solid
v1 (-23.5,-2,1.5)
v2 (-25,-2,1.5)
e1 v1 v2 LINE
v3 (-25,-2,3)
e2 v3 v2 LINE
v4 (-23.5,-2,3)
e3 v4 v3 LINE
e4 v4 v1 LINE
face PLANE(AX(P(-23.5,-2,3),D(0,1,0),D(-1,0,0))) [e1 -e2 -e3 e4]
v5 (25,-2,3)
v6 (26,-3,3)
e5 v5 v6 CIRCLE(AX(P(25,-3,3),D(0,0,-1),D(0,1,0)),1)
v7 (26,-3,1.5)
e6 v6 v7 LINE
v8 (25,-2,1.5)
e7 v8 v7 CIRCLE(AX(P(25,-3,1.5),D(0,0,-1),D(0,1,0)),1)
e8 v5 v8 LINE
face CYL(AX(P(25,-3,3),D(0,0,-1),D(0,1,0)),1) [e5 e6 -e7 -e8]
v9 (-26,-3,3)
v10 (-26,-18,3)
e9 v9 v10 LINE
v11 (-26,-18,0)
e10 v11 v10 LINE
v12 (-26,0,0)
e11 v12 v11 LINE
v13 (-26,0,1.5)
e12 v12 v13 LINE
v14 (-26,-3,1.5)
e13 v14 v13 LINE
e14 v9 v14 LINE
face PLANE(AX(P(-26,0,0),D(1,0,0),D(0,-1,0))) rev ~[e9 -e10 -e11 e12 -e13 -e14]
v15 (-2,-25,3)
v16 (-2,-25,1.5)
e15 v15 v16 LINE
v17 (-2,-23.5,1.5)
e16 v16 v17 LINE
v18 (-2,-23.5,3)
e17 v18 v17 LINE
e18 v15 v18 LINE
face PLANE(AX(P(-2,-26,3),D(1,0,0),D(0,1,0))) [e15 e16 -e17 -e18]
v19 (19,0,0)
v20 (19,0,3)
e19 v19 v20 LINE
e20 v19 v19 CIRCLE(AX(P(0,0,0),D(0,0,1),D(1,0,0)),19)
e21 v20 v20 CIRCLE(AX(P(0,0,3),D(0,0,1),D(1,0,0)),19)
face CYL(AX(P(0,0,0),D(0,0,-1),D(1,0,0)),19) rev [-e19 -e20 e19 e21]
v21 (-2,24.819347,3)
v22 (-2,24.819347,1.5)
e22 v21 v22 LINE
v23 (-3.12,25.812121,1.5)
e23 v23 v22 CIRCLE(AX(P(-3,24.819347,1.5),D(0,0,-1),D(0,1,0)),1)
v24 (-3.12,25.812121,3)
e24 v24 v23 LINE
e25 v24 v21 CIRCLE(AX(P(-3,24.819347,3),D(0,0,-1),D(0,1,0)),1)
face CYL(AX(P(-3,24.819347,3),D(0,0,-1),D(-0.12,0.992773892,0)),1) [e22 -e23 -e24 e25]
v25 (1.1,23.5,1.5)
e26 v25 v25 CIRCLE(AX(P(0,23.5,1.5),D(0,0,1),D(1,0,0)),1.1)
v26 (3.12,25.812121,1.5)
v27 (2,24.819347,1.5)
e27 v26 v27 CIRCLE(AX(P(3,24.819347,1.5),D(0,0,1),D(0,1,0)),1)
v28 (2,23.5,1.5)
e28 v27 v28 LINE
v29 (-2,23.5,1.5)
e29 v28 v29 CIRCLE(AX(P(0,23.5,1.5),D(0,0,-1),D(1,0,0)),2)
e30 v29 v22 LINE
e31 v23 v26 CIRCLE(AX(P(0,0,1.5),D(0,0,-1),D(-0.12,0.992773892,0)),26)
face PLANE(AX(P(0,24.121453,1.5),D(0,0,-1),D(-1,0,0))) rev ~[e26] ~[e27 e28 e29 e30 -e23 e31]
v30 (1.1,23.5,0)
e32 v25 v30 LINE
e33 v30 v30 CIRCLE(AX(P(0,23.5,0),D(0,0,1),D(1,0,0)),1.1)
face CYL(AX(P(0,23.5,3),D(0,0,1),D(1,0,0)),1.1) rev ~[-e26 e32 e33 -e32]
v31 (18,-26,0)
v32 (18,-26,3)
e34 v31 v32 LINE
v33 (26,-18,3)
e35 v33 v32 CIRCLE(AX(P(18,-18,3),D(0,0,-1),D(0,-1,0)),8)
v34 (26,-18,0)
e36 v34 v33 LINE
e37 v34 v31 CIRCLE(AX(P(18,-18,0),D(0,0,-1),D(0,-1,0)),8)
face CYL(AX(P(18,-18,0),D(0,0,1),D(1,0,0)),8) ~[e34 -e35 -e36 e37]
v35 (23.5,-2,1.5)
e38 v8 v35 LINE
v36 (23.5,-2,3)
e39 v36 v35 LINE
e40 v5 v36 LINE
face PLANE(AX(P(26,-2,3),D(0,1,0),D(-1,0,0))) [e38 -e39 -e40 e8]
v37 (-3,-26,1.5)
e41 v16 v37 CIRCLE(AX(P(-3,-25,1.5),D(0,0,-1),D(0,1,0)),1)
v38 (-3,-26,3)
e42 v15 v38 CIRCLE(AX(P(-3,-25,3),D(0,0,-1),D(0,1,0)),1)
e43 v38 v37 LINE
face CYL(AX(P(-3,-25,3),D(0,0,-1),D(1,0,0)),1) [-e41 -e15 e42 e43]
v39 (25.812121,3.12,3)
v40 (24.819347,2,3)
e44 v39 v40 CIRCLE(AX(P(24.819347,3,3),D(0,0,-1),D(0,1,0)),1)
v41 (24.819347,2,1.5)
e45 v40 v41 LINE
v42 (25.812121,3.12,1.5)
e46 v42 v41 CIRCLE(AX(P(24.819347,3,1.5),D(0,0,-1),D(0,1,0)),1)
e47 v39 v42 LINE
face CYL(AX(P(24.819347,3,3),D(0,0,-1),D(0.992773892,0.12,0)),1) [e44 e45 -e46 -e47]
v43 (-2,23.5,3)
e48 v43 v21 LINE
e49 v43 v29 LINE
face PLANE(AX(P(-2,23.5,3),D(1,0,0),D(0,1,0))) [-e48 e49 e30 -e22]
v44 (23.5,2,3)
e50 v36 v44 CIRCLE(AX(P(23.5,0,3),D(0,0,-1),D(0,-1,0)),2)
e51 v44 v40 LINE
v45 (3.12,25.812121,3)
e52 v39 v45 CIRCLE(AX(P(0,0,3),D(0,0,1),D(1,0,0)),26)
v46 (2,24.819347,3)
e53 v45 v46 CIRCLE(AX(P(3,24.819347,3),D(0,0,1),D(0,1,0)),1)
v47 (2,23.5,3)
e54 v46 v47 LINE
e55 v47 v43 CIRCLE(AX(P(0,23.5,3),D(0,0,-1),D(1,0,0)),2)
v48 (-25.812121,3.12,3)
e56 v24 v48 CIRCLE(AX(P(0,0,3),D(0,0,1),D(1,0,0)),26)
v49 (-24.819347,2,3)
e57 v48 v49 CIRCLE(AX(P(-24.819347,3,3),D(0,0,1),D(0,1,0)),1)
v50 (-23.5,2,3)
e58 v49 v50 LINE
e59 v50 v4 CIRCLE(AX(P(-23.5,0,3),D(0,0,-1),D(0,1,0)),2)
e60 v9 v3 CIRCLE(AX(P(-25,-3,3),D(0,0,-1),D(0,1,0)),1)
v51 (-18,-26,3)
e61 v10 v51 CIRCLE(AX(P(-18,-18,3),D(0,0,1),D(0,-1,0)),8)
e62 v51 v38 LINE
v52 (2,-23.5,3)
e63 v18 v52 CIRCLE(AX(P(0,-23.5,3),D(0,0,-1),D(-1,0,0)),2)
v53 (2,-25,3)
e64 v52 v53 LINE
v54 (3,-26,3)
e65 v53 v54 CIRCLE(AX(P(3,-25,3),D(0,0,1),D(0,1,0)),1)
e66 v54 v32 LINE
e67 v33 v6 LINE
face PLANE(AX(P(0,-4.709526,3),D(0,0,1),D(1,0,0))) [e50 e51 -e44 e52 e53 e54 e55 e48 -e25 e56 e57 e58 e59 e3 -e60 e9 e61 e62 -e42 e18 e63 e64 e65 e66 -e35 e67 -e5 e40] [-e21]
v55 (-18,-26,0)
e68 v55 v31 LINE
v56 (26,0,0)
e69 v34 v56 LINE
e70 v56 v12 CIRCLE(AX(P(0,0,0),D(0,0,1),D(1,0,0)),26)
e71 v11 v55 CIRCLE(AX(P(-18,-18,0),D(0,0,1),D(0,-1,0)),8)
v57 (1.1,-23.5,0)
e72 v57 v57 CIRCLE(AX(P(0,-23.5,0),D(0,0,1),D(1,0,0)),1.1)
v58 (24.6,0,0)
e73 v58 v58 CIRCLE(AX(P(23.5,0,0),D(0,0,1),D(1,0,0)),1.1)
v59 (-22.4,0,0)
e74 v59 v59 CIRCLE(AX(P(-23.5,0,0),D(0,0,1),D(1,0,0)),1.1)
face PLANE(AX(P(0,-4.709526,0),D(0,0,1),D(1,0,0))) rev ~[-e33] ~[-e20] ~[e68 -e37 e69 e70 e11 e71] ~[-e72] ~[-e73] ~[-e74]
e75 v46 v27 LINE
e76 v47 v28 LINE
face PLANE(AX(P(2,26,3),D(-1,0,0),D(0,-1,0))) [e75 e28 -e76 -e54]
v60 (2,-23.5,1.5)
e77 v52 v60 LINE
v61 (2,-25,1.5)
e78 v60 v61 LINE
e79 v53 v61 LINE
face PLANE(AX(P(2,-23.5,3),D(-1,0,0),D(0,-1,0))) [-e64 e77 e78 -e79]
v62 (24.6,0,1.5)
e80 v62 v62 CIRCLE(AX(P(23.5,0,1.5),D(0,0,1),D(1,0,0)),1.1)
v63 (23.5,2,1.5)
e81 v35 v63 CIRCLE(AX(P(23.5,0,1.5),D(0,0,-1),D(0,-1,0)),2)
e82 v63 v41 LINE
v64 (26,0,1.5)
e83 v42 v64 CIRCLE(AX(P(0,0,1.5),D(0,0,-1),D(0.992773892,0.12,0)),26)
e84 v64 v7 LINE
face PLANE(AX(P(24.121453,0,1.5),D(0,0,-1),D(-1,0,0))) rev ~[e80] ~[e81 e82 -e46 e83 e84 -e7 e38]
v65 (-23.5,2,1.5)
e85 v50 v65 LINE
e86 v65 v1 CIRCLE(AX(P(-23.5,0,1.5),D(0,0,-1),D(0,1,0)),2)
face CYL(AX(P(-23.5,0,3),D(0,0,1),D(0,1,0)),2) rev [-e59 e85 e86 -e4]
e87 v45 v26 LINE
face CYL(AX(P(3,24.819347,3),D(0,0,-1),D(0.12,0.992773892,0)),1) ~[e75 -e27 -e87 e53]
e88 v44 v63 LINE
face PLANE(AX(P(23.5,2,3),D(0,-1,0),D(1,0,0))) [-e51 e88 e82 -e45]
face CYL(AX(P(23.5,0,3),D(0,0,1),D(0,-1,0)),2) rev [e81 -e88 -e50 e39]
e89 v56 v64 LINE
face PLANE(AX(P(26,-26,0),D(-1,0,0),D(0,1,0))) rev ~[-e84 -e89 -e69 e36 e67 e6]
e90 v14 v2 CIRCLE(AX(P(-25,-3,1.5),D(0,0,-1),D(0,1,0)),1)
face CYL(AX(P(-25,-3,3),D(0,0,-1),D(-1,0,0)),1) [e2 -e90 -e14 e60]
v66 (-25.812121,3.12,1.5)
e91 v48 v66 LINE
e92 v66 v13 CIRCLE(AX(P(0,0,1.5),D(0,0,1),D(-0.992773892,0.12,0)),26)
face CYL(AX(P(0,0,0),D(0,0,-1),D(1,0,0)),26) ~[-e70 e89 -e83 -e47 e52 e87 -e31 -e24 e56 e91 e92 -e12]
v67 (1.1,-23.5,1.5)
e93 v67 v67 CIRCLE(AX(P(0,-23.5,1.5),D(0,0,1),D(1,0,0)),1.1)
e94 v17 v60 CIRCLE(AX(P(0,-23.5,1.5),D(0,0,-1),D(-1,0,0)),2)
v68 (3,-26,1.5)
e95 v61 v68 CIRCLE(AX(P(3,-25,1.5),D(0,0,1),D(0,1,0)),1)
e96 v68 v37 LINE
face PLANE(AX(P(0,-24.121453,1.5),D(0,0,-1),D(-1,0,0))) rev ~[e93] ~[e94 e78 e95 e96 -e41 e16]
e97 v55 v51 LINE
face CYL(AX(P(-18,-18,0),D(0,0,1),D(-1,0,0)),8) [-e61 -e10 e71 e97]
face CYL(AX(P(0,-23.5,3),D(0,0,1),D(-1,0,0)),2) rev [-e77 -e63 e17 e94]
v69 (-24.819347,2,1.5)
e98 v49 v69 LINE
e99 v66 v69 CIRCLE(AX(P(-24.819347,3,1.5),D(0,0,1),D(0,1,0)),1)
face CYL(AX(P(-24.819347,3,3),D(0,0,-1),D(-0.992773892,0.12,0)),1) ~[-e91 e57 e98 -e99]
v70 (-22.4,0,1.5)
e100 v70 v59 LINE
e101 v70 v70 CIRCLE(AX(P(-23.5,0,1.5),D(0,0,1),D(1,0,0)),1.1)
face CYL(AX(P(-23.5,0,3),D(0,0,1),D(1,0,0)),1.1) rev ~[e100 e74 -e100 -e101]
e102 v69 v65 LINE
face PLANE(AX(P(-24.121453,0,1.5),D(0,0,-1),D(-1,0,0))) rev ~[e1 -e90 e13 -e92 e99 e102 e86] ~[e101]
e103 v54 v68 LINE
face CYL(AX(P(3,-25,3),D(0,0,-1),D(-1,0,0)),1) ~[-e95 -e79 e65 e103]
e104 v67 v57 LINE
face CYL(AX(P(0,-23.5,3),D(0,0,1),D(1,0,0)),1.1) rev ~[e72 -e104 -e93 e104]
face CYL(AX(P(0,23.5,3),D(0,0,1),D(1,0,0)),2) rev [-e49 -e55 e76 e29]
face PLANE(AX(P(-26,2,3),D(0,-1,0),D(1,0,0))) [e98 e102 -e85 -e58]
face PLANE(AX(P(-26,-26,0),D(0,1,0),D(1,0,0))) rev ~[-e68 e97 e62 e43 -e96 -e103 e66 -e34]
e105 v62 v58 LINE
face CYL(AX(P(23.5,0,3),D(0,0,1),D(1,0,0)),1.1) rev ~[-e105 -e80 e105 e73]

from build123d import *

# Parameters (mm, degrees)
SKETCH_1_R          = 19
EXTRUDE_1_DEPTH     = 3
SKETCH_2_R          = 1.1
CUT_EXTRUDE_1_DEPTH = 37.891733491
CUT_EXTRUDE_2_DEPTH = 1.5
FILLET_1_R          = 1
FILLET_2_R          = 8


with BuildPart() as part:
    # Эскиз1 → Бобышка-Вытянуть1 (new body)
    with BuildSketch(Plane.XY):
        with BuildLine():
            Line((-26, 0), (-26, -26))
            Line((-26, -26), (26, -26))
            Line((26, -26), (26, 0))
            ThreePointArc((26, 0), (0, 26), (-26, 0))
        make_face()
        Circle(SKETCH_1_R, mode=Mode.SUBTRACT)
    extrude(amount=EXTRUDE_1_DEPTH)

    # Эскиз2 → Вырез-Вытянуть1 (cut, through all)
    with BuildSketch(Plane.XY.offset(3)):
        with Locations((0, 23.5)):
            Circle(SKETCH_2_R)
        with Locations((23.5, 0)):
            Circle(SKETCH_2_R)
        with Locations((0, -23.5)):
            Circle(SKETCH_2_R)
        with Locations((-23.5, 0)):
            Circle(SKETCH_2_R)
    extrude(amount=-CUT_EXTRUDE_1_DEPTH, mode=Mode.SUBTRACT)

    # Эскиз3 → Вырез-Вытянуть2 (cut)
    with BuildSketch(Plane.XY.offset(3)):
        with BuildLine():
            Line((-2, 23.5), (-2, 26))
            Line((-2, 26), (2, 26))
            Line((2, 26), (2, 23.5))
            ThreePointArc((2, 23.5), (0, 21.5), (-2, 23.5))
        make_face()
        with BuildLine():
            Line((26, -2), (23.5, -2))
            ThreePointArc((23.5, -2), (21.5, 0), (23.5, 2))
            Line((23.5, 2), (26, 2))
            Line((26, 2), (26, -2))
        make_face()
        with BuildLine():
            Line((-2, -26), (-2, -23.5))
            ThreePointArc((-2, -23.5), (0, -21.5), (2, -23.5))
            Line((2, -23.5), (2, -26))
            Line((2, -26), (-2, -26))
        make_face()
        with BuildLine():
            Line((-26, 2), (-23.5, 2))
            ThreePointArc((-23.5, 2), (-21.5, 0), (-23.5, -2))
            Line((-23.5, -2), (-26, -2))
            Line((-26, -2), (-26, 2))
        make_face()
    extrude(amount=-CUT_EXTRUDE_2_DEPTH, mode=Mode.SUBTRACT)

    # Скругление1
    fillet_1_edges = [part.edges().sort_by_distance(p)[0] for p in [
        (-25.922962794, 2, 2.25),
        (25.922962794, 2, 2.25),
        (2, 25.922962794, 2.25),
        (-2, 25.922962794, 2.25),
        (26, -2, 2.25),
        (2, -26, 2.25),
        (-2, -26, 2.25),
        (-26, -2, 2.25),
    ]]
    fillet(fillet_1_edges, radius=FILLET_1_R)

    # Скругление2
    fillet_2_edges = [part.edges().sort_by_distance(p)[0] for p in [
        (26, -26, 1.5),
        (-26, -26, 1.5),
    ]]
    fillet(fillet_2_edges, radius=FILLET_2_R)


solid = part.part
